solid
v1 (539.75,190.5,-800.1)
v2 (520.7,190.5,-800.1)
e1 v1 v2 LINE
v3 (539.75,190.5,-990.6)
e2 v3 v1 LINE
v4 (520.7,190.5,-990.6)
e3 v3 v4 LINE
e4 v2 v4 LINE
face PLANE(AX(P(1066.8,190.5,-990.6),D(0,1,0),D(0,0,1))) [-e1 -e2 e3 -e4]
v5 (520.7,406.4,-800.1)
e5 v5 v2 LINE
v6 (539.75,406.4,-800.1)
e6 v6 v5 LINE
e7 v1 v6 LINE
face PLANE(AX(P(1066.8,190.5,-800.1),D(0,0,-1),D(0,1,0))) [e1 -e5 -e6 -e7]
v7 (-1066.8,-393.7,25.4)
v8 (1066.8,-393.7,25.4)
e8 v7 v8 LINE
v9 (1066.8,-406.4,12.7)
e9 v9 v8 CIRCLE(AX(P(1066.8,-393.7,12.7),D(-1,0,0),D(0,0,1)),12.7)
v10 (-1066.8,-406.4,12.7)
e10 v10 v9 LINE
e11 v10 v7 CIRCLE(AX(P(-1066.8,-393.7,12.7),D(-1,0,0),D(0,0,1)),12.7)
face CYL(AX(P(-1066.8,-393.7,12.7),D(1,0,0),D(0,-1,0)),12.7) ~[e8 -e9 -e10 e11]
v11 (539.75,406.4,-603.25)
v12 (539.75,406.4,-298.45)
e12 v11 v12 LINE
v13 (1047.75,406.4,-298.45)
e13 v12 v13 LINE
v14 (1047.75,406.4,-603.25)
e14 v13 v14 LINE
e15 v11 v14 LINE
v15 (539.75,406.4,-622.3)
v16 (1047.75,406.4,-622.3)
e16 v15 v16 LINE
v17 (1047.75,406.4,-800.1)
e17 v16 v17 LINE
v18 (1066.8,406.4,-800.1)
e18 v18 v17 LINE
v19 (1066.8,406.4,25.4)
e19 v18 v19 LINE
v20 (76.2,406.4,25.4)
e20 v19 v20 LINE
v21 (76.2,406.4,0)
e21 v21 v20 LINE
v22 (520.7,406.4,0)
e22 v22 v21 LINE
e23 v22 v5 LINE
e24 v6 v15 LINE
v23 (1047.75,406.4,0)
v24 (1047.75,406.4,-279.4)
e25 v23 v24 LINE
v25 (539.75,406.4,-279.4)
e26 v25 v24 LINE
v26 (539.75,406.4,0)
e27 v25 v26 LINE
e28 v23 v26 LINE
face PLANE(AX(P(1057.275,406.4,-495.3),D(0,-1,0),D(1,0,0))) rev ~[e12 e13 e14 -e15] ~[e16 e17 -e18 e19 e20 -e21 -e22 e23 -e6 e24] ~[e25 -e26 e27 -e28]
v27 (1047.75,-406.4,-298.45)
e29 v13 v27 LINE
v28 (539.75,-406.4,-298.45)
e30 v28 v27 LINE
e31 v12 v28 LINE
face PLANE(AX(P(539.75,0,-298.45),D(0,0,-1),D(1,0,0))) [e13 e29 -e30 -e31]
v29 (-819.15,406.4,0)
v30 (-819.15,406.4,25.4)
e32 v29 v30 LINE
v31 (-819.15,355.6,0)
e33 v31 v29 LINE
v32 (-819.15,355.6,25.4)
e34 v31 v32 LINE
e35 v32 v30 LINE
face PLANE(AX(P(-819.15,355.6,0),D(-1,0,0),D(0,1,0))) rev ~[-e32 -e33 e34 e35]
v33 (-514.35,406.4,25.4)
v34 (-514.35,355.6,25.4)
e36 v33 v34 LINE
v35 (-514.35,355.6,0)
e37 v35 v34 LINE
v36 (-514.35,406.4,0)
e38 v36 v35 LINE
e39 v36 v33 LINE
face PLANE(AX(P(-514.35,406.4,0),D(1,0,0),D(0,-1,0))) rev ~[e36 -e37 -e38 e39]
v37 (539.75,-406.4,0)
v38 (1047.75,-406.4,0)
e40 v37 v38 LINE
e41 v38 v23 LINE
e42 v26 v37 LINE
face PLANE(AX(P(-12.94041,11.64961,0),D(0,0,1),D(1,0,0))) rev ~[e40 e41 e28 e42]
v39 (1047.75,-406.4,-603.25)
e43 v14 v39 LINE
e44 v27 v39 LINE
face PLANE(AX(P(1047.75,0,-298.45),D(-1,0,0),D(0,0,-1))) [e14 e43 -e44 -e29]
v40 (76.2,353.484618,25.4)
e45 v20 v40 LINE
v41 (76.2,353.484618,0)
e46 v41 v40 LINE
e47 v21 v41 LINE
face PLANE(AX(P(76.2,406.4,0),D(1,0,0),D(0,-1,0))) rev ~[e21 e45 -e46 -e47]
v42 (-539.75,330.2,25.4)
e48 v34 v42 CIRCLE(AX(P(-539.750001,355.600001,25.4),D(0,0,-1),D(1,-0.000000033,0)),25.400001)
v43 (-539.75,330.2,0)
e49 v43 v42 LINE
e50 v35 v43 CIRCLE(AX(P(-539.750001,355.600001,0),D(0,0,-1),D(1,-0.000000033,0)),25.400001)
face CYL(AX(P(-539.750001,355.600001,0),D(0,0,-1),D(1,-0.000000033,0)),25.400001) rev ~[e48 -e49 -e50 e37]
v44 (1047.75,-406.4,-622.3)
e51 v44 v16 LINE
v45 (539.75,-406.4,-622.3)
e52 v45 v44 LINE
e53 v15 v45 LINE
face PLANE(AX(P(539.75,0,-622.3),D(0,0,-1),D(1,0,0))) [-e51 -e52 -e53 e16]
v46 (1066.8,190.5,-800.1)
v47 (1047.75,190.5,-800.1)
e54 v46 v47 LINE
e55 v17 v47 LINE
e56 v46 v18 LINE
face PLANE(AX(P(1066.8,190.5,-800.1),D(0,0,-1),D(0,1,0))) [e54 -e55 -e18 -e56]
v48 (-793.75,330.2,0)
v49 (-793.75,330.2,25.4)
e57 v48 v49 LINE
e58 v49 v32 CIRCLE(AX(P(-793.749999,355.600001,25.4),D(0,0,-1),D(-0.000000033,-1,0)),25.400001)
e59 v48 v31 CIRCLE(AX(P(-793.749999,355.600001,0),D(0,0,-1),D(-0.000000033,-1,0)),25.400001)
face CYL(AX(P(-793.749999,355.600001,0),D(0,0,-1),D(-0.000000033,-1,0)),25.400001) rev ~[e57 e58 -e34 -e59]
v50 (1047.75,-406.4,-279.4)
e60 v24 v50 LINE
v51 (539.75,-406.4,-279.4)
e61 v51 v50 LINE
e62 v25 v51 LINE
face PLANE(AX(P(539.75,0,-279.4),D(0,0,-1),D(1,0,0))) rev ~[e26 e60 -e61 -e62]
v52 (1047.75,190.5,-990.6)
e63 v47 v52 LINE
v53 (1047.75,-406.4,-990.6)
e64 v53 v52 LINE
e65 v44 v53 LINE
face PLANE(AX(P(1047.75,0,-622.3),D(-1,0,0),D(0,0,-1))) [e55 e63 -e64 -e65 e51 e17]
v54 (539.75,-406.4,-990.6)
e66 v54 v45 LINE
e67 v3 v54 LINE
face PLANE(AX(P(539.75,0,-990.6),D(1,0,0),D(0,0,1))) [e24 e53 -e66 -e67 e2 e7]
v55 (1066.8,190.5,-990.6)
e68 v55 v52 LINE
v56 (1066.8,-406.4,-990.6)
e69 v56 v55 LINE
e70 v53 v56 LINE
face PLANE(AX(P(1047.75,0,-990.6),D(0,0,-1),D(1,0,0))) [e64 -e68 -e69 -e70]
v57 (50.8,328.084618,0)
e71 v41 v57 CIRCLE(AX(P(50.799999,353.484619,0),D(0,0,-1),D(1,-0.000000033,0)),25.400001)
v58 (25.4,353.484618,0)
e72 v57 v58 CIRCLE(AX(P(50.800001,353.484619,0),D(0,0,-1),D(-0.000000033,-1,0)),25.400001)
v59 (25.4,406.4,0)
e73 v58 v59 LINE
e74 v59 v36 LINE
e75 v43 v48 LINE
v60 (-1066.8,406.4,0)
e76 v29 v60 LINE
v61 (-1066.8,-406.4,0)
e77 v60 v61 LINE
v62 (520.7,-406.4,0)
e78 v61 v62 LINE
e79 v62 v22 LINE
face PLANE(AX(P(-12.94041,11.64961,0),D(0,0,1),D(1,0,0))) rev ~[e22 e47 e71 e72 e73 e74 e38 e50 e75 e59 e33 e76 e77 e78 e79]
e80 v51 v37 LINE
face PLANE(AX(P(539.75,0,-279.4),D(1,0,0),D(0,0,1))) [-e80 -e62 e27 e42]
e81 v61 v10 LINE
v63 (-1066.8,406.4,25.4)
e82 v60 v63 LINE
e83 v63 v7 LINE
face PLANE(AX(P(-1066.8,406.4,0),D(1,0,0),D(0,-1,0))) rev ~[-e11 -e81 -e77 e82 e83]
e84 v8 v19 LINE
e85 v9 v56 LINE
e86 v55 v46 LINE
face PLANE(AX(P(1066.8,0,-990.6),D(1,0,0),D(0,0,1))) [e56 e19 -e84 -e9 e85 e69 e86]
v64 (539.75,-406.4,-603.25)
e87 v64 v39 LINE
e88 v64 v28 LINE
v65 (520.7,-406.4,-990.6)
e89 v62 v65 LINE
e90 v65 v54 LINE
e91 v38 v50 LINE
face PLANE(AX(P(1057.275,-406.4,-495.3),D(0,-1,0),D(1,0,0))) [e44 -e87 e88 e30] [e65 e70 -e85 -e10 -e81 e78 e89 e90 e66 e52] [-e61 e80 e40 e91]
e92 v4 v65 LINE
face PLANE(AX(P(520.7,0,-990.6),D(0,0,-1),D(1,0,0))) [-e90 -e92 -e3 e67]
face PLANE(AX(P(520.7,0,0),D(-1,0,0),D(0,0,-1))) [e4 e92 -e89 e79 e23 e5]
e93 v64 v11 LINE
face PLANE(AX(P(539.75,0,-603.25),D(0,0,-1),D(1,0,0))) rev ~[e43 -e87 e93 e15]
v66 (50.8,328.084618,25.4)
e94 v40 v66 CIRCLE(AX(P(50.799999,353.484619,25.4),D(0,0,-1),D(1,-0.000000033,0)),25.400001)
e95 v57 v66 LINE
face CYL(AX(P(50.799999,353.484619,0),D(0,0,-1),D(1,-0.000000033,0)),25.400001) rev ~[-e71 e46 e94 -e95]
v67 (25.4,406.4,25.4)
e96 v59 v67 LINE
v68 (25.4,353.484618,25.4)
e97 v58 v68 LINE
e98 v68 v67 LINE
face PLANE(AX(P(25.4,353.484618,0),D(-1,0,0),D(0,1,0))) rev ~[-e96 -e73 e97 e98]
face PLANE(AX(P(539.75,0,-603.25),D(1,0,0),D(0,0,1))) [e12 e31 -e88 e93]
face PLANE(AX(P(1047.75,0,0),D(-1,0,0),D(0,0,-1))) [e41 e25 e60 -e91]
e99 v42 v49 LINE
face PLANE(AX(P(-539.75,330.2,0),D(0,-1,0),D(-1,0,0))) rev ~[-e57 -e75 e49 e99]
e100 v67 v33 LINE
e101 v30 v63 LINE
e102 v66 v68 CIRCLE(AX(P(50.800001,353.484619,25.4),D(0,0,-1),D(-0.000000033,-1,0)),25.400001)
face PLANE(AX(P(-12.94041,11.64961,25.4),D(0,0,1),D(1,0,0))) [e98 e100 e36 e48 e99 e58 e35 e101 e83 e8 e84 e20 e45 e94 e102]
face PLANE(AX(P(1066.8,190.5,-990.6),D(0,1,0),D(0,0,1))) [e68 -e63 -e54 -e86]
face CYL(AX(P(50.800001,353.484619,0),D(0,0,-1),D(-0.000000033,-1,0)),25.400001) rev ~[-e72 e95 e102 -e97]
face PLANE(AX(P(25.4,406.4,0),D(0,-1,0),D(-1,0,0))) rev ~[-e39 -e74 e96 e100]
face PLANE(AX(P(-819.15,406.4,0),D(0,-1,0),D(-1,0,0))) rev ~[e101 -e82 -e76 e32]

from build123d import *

# Parameters (mm, degrees)
F1_DEPTH      = 25.4
F2_R          = 12.7
F3_W          = 508
F3_H          = 19.05
F4_DEPTH      = 406.4
F4_DEPTH_BACK = 406.4
F5_W          = 215.9
F5_H          = 190.5
F6_DEPTH      = 2133.601


with BuildPart() as f1:
    # F0 (on Top) → F1 (new body)
    with BuildSketch(Plane.XY):
        with BuildLine():
            Line((-819.15, 406.4), (-1066.8, 406.4))
            Line((-1066.8, 406.4), (-1066.8, -406.4))
            Line((-1066.8, -406.4), (1066.8, -406.4))
            Line((1066.8, -406.4), (1066.8, 406.4))
            Line((1066.8, 406.4), (76.2, 406.4))
            Line((76.2, 406.4), (76.2, 353.484618))
            ThreePointArc((76.2, 353.484618), (68.760512, 335.524106), (50.8, 328.084618))
            ThreePointArc((50.8, 328.084618), (32.839488, 335.524106), (25.4, 353.484618))
            Line((25.4, 353.484618), (25.4, 406.4))
            Line((25.4, 406.4), (-514.35, 406.4))
            Line((-514.35, 406.4), (-514.35, 355.6))
            ThreePointArc((-514.35, 355.6), (-521.789488, 337.639488), (-539.75, 330.2))
            Line((-539.75, 330.2), (-793.75, 330.2))
            ThreePointArc((-793.75, 330.2), (-811.710512, 337.639488), (-819.15, 355.6))
            Line((-819.15, 355.6), (-819.15, 406.4))
        make_face()
    extrude(amount=F1_DEPTH)

    # F2
    f2_edges = [f1.edges().sort_by_distance(p)[0] for p in [
        (0, -406.4, 25.4),
    ]]
    fillet(f2_edges, radius=F2_R)

    # F3 (on Front) → F4 (join, two sides)
    with BuildSketch(Plane.XZ) as f4_sk:
        Polygon((1066.8, -990.6), (1066.8, 0), (1047.75, 0), (1047.75, -279.4), (1047.75, -298.45), (1047.75, -603.25), (1047.75, -622.3), (1047.75, -990.6), align=None)
        Polygon((539.75, -298.45), (539.75, -279.4), (539.75, 0), (520.7, 0), (520.7, -990.6), (539.75, -990.6), (539.75, -622.3), (539.75, -603.25), align=None)
        with Locations((793.75, -288.925)):
            Rectangle(F3_W, F3_H)
        with Locations((793.75, -612.775)):
            Rectangle(F3_W, F3_H)
    extrude(amount=F4_DEPTH)
    extrude(f4_sk.sketch, amount=-F4_DEPTH_BACK)

    # F5 (on face) → F6 (cut, through all)
    with BuildSketch(Plane.YZ.offset(1066.8)):
        with Locations((298.45, -895.35)):
            Rectangle(F5_W, F5_H)
    extrude(amount=-F6_DEPTH, mode=Mode.SUBTRACT)


solid = f1.part
